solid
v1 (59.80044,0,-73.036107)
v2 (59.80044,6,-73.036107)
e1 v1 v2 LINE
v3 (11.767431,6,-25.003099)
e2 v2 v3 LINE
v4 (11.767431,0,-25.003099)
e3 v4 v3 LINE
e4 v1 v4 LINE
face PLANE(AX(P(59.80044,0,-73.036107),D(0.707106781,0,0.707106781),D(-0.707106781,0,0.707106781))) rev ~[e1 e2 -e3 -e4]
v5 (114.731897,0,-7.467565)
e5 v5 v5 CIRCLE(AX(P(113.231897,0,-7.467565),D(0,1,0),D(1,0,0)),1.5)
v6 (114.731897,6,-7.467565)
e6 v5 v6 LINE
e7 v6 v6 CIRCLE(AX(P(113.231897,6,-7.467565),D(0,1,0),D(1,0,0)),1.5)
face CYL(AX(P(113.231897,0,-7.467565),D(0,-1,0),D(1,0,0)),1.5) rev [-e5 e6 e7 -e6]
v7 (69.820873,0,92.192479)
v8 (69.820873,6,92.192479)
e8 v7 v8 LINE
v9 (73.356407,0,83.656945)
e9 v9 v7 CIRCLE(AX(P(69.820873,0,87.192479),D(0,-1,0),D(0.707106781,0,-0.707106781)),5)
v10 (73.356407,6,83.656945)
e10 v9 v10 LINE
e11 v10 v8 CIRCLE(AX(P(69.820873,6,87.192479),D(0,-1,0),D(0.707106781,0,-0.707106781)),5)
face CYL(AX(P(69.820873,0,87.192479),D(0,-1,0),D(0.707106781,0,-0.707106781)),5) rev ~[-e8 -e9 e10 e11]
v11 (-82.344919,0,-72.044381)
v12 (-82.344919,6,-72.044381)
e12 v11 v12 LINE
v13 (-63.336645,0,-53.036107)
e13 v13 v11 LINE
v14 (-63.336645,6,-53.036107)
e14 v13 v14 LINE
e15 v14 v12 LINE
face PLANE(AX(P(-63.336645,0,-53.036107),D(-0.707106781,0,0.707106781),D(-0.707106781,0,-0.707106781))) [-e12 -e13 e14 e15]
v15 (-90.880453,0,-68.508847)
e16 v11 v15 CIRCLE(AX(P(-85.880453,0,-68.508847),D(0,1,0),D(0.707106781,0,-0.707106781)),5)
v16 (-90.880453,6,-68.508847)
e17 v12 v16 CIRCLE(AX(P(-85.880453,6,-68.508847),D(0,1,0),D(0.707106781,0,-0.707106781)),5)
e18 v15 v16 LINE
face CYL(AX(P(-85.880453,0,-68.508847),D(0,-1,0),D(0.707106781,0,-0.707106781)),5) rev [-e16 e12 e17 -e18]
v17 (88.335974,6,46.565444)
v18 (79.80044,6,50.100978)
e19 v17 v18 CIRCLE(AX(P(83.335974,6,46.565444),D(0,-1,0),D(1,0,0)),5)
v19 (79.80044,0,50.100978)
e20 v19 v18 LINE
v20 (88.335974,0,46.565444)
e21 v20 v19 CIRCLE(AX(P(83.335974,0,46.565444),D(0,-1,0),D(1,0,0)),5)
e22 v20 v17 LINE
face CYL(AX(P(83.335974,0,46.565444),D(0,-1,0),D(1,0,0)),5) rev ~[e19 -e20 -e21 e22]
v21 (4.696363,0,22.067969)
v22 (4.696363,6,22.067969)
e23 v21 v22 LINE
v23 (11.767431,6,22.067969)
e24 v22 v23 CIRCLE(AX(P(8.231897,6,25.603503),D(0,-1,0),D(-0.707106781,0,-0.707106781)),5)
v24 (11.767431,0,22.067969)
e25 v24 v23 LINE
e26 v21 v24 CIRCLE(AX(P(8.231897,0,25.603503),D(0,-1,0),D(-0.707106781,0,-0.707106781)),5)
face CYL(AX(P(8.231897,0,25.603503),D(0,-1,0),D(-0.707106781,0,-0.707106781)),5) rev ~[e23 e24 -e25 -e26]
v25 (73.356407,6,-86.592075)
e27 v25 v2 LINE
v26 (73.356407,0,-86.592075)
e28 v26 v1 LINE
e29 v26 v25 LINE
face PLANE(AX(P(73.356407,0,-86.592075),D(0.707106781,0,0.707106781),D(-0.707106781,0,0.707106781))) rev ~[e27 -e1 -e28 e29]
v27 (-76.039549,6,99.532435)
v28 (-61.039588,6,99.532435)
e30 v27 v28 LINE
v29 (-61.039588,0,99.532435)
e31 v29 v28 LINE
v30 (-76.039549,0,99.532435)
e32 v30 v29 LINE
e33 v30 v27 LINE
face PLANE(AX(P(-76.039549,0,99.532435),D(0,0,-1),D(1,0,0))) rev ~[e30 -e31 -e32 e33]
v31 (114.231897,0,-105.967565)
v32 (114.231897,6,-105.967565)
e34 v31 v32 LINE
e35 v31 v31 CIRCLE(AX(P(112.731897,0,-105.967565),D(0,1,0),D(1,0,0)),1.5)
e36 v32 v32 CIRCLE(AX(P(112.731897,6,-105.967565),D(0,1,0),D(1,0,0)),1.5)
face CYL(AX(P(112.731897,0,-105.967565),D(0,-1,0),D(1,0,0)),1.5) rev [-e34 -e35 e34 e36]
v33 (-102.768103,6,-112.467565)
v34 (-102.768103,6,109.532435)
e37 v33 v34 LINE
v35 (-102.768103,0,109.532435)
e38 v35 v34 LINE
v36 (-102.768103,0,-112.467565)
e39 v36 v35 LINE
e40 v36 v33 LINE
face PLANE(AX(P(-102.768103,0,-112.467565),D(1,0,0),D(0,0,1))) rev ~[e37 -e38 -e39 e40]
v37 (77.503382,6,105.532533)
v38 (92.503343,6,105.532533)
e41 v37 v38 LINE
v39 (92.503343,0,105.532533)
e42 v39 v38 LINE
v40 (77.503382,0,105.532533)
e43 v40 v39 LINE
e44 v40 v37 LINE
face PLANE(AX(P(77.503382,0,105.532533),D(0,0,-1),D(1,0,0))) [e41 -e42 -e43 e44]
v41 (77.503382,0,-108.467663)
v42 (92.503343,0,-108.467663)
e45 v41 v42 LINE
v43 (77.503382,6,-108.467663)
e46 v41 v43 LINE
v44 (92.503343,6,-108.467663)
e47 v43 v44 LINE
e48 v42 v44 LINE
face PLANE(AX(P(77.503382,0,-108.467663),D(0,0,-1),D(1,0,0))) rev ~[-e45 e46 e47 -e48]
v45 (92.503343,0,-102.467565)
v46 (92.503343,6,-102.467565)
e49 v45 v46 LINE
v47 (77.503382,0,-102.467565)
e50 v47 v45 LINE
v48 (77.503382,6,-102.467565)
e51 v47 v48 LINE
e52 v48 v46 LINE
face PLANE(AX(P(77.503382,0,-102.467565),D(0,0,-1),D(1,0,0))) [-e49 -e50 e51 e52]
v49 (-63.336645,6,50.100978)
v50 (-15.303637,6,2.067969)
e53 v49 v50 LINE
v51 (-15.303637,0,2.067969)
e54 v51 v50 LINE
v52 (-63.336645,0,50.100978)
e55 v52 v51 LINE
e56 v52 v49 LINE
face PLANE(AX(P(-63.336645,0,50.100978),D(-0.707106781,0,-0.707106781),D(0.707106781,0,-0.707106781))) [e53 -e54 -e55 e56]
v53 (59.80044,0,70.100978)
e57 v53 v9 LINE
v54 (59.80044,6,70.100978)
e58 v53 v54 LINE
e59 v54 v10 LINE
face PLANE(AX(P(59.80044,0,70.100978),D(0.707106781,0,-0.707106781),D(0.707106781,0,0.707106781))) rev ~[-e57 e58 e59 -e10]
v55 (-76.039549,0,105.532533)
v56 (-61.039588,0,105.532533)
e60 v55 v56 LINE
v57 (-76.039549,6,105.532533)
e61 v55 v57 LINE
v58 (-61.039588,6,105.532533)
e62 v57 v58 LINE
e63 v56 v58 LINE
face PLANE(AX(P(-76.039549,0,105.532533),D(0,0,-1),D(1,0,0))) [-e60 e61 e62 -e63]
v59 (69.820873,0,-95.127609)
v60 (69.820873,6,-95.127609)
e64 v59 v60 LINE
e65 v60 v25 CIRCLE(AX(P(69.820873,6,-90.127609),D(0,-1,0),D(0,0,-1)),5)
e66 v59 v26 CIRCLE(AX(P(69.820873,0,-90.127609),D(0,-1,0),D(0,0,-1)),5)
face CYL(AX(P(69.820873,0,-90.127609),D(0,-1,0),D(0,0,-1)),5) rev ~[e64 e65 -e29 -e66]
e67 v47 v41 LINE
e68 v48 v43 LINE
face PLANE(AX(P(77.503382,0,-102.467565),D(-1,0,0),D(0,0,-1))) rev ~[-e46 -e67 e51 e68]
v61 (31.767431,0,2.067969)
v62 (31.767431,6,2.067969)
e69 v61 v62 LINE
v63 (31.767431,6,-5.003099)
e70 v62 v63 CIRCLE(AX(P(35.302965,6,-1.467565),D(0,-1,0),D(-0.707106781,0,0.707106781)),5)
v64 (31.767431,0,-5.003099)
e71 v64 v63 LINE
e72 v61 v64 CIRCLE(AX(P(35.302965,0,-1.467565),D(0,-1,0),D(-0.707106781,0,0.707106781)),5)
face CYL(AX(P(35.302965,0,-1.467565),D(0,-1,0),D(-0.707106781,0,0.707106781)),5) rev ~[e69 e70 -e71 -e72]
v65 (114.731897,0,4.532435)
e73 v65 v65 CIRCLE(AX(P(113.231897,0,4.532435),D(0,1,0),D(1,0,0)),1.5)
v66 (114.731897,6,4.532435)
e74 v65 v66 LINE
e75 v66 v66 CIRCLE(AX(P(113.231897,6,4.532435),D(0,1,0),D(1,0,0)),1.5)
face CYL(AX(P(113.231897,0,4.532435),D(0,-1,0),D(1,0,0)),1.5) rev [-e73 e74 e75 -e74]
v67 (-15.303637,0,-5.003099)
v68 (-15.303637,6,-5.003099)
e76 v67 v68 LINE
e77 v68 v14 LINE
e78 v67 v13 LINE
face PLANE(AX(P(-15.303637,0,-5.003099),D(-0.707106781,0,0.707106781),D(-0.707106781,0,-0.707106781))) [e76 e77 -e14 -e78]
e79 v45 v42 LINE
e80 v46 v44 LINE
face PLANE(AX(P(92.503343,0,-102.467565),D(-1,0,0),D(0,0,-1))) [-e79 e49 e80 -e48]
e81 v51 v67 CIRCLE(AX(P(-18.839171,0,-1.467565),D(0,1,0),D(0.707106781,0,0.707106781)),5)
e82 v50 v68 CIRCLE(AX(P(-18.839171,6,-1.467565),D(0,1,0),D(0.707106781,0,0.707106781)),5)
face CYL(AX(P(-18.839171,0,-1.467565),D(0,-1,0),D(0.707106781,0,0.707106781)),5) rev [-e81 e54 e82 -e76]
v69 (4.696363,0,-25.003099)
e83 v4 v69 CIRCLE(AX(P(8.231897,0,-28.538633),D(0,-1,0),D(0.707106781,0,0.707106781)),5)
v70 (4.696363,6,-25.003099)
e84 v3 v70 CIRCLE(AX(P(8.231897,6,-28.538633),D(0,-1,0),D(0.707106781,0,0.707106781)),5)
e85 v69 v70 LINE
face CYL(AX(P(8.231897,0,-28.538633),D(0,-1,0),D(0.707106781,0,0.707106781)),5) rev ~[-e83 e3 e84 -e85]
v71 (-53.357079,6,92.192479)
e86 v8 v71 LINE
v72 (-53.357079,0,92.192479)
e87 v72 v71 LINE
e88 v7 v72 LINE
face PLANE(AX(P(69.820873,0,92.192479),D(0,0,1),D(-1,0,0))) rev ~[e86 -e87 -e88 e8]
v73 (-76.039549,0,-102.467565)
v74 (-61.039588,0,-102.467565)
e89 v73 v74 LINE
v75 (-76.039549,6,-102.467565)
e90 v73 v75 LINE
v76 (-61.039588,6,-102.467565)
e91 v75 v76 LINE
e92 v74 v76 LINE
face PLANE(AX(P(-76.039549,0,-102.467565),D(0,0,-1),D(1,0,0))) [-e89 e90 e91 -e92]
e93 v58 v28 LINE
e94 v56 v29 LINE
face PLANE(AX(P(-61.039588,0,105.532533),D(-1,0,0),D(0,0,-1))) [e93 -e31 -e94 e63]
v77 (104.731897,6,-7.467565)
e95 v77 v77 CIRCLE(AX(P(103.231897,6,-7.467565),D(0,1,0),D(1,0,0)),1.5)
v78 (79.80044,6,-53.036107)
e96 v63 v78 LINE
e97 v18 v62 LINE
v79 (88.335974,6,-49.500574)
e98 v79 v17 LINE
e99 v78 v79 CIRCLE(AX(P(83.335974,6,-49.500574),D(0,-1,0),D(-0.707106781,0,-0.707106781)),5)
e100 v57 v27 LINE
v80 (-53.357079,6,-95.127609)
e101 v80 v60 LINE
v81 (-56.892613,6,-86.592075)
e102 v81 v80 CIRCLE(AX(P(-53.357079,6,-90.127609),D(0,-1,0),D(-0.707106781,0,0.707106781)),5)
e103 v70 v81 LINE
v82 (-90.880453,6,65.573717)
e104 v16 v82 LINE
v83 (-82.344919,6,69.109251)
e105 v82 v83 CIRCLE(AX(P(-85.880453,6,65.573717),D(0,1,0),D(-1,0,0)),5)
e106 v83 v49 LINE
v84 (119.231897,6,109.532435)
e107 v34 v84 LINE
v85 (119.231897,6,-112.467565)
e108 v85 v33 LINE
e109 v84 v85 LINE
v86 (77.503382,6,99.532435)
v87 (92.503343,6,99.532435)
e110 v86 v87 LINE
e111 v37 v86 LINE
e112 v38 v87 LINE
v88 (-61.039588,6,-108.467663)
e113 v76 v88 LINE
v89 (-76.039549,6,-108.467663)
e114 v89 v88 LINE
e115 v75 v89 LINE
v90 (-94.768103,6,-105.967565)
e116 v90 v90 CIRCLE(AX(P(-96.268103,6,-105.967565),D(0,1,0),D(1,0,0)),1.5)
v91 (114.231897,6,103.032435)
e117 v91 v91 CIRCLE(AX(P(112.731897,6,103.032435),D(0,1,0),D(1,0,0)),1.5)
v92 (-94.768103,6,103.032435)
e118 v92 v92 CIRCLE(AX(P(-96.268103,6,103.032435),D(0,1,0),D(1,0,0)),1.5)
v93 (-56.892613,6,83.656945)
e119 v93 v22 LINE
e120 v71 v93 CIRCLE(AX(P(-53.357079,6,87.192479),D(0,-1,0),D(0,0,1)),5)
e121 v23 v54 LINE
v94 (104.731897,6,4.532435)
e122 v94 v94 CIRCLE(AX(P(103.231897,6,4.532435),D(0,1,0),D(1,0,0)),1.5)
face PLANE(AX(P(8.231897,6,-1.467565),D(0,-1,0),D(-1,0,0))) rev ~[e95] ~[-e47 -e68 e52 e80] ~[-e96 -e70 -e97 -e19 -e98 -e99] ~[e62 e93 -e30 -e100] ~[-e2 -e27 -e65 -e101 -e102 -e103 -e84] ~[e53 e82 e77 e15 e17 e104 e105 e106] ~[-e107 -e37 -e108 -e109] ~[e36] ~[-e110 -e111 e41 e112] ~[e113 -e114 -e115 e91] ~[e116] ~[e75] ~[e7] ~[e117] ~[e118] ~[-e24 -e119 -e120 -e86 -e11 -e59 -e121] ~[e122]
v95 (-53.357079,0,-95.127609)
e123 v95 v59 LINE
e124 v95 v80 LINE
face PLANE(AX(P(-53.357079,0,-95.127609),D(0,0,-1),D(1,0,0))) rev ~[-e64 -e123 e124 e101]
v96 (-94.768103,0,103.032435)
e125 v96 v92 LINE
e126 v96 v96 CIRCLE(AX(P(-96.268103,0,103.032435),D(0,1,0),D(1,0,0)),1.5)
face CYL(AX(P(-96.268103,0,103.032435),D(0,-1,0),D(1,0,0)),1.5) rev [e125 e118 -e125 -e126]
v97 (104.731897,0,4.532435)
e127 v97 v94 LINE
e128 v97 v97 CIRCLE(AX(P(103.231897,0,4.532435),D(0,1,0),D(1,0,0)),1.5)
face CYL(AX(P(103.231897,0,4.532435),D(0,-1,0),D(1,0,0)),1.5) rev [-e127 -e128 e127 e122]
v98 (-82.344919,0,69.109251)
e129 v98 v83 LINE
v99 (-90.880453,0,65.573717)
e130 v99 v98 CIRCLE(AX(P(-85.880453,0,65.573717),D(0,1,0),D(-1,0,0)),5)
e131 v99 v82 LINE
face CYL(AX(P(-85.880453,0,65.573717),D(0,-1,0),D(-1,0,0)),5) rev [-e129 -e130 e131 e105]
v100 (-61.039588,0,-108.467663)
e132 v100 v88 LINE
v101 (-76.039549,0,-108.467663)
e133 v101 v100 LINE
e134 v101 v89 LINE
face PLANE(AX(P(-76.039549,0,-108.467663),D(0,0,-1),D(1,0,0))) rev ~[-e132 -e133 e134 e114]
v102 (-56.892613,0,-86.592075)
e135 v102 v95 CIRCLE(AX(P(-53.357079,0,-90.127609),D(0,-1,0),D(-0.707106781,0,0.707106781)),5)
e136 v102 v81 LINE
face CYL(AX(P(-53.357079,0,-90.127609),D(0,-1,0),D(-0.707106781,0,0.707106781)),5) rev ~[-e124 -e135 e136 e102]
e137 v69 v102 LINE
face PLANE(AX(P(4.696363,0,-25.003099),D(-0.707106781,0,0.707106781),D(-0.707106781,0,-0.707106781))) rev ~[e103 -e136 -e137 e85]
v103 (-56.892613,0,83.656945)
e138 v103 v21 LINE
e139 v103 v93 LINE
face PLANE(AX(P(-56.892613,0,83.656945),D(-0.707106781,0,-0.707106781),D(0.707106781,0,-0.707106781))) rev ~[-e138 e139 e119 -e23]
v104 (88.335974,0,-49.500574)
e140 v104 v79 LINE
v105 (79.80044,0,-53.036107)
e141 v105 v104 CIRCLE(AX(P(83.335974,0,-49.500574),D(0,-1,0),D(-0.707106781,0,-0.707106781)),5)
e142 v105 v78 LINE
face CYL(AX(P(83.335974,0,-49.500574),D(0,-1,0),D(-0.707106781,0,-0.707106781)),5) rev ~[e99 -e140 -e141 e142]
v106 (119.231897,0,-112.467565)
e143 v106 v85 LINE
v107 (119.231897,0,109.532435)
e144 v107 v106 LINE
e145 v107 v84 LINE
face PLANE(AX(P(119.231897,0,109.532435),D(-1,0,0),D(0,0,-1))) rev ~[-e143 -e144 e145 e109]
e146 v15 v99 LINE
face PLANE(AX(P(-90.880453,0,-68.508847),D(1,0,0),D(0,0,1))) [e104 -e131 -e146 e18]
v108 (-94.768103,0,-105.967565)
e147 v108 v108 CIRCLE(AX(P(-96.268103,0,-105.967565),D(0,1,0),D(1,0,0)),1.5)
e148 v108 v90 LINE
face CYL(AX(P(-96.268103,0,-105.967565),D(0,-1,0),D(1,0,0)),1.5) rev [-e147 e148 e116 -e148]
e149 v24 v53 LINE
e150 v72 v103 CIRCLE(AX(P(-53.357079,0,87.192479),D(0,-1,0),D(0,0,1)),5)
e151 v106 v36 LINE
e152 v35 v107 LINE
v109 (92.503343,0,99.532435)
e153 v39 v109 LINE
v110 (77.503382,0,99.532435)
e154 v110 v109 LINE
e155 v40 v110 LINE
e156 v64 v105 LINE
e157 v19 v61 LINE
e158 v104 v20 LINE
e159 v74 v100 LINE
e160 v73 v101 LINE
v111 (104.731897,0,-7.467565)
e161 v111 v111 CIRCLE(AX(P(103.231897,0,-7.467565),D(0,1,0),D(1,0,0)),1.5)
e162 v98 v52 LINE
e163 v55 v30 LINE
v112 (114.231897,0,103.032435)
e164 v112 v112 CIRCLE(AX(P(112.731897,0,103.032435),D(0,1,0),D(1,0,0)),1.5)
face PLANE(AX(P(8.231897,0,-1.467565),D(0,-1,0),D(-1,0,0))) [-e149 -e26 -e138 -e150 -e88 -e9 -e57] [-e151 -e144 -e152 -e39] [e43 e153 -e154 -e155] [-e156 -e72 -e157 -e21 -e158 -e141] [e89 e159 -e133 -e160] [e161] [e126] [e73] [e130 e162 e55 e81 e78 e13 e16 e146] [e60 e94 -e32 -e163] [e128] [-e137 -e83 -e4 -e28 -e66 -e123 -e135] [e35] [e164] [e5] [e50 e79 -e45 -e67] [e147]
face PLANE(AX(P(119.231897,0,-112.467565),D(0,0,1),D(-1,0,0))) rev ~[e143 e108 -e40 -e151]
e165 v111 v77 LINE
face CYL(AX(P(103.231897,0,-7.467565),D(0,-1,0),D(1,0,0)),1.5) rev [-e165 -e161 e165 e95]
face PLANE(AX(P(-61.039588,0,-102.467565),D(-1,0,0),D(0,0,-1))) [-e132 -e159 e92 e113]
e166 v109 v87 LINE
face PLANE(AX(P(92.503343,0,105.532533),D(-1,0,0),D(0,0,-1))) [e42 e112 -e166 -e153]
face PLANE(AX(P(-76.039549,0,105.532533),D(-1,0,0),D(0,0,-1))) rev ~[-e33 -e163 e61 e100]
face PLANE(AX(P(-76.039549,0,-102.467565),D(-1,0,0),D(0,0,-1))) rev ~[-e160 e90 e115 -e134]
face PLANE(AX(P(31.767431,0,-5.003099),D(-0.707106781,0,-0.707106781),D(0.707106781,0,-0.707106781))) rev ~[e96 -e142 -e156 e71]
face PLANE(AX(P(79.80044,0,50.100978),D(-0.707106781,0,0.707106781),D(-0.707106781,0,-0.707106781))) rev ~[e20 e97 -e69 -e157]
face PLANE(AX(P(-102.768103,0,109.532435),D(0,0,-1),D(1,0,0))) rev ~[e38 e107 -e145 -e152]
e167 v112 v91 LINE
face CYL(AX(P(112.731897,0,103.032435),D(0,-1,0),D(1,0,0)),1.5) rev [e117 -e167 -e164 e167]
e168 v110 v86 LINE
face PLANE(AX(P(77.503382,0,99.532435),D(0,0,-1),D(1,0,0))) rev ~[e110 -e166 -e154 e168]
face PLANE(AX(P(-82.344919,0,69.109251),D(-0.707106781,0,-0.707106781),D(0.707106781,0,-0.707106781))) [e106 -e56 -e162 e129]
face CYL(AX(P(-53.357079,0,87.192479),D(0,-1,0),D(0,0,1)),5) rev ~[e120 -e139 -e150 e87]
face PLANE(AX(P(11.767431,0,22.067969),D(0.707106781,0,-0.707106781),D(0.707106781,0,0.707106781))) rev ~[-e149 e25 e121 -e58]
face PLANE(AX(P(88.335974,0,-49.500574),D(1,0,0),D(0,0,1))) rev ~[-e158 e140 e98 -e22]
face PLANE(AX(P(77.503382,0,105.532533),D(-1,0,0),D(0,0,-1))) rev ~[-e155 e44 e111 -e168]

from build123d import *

# Parameters (mm, degrees)
SKETCH_1_R      = 1.5
SKETCH_1_W      = 14.999960721
SKETCH_1_H      = 6.000098196
SKETCH_1_H_2    = 6.000098195
SKETCH_1_W_2    = 14.999960722
EXTRUDE_1_DEPTH = 6


with BuildPart() as part:
    # Эскиз1 → Бобышка-Вытянуть1 (new body)
    with BuildSketch(Plane(origin=(0, 0, 0), x_dir=(1, 0, 0), z_dir=(0, 1, 0))):
        Polygon((-102.768102854, -104.532435011), (-102.768102854, -92.192478988), (-102.768102854, -82.192478988), (-102.768102854, 85.127608967), (-102.768102854, 95.127608967), (-102.768102854, 107.467564989), (-102.768102854, 112.467564989), (-97.768102854, 112.467564989), (114.231897146, 112.467564989), (119.231897146, 112.467564989), (119.231897146, 107.467564989), (119.231897146, -104.532435011), (119.231897146, -109.532435011), (114.231897146, -109.532435011), (-97.768102854, -109.532435011), (-102.768102854, -109.532435011), align=None)
        with Locations((-96.268102854, 105.967564989)):
            Circle(SKETCH_1_R, mode=Mode.SUBTRACT)
        with Locations((112.731897146, 105.967564989)):
            Circle(SKETCH_1_R, mode=Mode.SUBTRACT)
        with Locations((-96.268102854, -103.032435011)):
            Circle(SKETCH_1_R, mode=Mode.SUBTRACT)
        with Locations((112.731897146, -103.032435011)):
            Circle(SKETCH_1_R, mode=Mode.SUBTRACT)
        with Locations((103.231897146, 7.467564989)):
            Circle(SKETCH_1_R, mode=Mode.SUBTRACT)
        with Locations((113.231897146, 7.467564989)):
            Circle(SKETCH_1_R, mode=Mode.SUBTRACT)
        with Locations((113.231897146, -4.532435011)):
            Circle(SKETCH_1_R, mode=Mode.SUBTRACT)
        with Locations((103.231897146, -4.532435011)):
            Circle(SKETCH_1_R, mode=Mode.SUBTRACT)
        with Locations((-68.539568551, 105.467614087)):
            Rectangle(SKETCH_1_W, SKETCH_1_H, mode=Mode.SUBTRACT)
        with Locations((-68.539568551, -102.532484109)):
            Rectangle(SKETCH_1_W, SKETCH_1_H_2, mode=Mode.SUBTRACT)
        with BuildLine():
            Line((-15.30363676, 5.003098895), (-63.336645349, 53.036107484))
            Line((-63.336645349, 53.036107484), (-82.344918946, 72.044381082))
            ThreePointArc((-82.344918946, 72.044381082), (-87.793870014, 73.128244838), (-90.880452852, 68.508847176))
            Line((-90.880452852, 68.508847176), (-90.880452852, -65.573717197))
            ThreePointArc((-90.880452852, -65.573717197), (-87.793870014, -70.193114859), (-82.344918946, -69.109251103))
            Line((-82.344918946, -69.109251103), (-63.336645349, -50.100977505))
            Line((-63.336645349, -50.100977505), (-15.30363676, -2.067968916))
            ThreePointArc((-15.30363676, -2.067968916), (-13.839170666, 1.467564989), (-15.30363676, 5.003098895))
        make_face(mode=Mode.SUBTRACT)
        with BuildLine():
            Line((31.767431052, 5.003098895), (79.800439641, 53.036107484))
            ThreePointArc((79.800439641, 53.036107484), (85.249390708, 54.119971241), (88.335973547, 49.500573578))
            Line((88.335973547, 49.500573578), (88.335973547, -46.5654436))
            ThreePointArc((88.335973547, -46.5654436), (85.249390708, -51.184841262), (79.800439641, -50.100977505))
            Line((79.800439641, -50.100977505), (31.767431052, -2.067968916))
            ThreePointArc((31.767431052, -2.067968916), (30.302964958, 1.467564989), (31.767431052, 5.003098895))
        make_face(mode=Mode.SUBTRACT)
        with BuildLine():
            Line((4.69636324, 25.003098895), (-43.336645349, 73.036107484))
            Line((-43.336645349, 73.036107484), (-56.892612926, 86.592075061))
            ThreePointArc((-56.892612926, 86.592075061), (-57.976476682, 92.041026129), (-53.35707902, 95.127608967))
            Line((-53.35707902, 95.127608967), (69.820873311, 95.127608967))
            ThreePointArc((69.820873311, 95.127608967), (74.440270974, 92.041026129), (73.356407217, 86.592075061))
            Line((73.356407217, 86.592075061), (59.800439641, 73.036107484))
            Line((59.800439641, 73.036107484), (11.767431052, 25.003098895))
            ThreePointArc((11.767431052, 25.003098895), (8.231897146, 23.538632801), (4.69636324, 25.003098895))
        make_face(mode=Mode.SUBTRACT)
        with BuildLine():
            Line((69.820873311, -92.192478988), (-53.35707902, -92.192478988))
            ThreePointArc((-53.35707902, -92.192478988), (-57.976476682, -89.10589615), (-56.892612926, -83.656945082))
            Line((-56.892612926, -83.656945082), (-43.336645349, -70.100977505))
            Line((-43.336645349, -70.100977505), (4.69636324, -22.067968916))
            ThreePointArc((4.69636324, -22.067968916), (8.231897146, -20.603502822), (11.767431052, -22.067968916))
            Line((11.767431052, -22.067968916), (59.800439641, -70.100977505))
            Line((59.800439641, -70.100977505), (73.356407217, -83.656945082))
            ThreePointArc((73.356407217, -83.656945082), (74.440270974, -89.10589615), (69.820873311, -92.192478988))
        make_face(mode=Mode.SUBTRACT)
        with Locations((85.003362843, -102.532484109)):
            Rectangle(SKETCH_1_W_2, SKETCH_1_H_2, mode=Mode.SUBTRACT)
        with Locations((85.003362843, 105.467614087)):
            Rectangle(SKETCH_1_W_2, SKETCH_1_H, mode=Mode.SUBTRACT)
    extrude(amount=EXTRUDE_1_DEPTH)


solid = part.part
